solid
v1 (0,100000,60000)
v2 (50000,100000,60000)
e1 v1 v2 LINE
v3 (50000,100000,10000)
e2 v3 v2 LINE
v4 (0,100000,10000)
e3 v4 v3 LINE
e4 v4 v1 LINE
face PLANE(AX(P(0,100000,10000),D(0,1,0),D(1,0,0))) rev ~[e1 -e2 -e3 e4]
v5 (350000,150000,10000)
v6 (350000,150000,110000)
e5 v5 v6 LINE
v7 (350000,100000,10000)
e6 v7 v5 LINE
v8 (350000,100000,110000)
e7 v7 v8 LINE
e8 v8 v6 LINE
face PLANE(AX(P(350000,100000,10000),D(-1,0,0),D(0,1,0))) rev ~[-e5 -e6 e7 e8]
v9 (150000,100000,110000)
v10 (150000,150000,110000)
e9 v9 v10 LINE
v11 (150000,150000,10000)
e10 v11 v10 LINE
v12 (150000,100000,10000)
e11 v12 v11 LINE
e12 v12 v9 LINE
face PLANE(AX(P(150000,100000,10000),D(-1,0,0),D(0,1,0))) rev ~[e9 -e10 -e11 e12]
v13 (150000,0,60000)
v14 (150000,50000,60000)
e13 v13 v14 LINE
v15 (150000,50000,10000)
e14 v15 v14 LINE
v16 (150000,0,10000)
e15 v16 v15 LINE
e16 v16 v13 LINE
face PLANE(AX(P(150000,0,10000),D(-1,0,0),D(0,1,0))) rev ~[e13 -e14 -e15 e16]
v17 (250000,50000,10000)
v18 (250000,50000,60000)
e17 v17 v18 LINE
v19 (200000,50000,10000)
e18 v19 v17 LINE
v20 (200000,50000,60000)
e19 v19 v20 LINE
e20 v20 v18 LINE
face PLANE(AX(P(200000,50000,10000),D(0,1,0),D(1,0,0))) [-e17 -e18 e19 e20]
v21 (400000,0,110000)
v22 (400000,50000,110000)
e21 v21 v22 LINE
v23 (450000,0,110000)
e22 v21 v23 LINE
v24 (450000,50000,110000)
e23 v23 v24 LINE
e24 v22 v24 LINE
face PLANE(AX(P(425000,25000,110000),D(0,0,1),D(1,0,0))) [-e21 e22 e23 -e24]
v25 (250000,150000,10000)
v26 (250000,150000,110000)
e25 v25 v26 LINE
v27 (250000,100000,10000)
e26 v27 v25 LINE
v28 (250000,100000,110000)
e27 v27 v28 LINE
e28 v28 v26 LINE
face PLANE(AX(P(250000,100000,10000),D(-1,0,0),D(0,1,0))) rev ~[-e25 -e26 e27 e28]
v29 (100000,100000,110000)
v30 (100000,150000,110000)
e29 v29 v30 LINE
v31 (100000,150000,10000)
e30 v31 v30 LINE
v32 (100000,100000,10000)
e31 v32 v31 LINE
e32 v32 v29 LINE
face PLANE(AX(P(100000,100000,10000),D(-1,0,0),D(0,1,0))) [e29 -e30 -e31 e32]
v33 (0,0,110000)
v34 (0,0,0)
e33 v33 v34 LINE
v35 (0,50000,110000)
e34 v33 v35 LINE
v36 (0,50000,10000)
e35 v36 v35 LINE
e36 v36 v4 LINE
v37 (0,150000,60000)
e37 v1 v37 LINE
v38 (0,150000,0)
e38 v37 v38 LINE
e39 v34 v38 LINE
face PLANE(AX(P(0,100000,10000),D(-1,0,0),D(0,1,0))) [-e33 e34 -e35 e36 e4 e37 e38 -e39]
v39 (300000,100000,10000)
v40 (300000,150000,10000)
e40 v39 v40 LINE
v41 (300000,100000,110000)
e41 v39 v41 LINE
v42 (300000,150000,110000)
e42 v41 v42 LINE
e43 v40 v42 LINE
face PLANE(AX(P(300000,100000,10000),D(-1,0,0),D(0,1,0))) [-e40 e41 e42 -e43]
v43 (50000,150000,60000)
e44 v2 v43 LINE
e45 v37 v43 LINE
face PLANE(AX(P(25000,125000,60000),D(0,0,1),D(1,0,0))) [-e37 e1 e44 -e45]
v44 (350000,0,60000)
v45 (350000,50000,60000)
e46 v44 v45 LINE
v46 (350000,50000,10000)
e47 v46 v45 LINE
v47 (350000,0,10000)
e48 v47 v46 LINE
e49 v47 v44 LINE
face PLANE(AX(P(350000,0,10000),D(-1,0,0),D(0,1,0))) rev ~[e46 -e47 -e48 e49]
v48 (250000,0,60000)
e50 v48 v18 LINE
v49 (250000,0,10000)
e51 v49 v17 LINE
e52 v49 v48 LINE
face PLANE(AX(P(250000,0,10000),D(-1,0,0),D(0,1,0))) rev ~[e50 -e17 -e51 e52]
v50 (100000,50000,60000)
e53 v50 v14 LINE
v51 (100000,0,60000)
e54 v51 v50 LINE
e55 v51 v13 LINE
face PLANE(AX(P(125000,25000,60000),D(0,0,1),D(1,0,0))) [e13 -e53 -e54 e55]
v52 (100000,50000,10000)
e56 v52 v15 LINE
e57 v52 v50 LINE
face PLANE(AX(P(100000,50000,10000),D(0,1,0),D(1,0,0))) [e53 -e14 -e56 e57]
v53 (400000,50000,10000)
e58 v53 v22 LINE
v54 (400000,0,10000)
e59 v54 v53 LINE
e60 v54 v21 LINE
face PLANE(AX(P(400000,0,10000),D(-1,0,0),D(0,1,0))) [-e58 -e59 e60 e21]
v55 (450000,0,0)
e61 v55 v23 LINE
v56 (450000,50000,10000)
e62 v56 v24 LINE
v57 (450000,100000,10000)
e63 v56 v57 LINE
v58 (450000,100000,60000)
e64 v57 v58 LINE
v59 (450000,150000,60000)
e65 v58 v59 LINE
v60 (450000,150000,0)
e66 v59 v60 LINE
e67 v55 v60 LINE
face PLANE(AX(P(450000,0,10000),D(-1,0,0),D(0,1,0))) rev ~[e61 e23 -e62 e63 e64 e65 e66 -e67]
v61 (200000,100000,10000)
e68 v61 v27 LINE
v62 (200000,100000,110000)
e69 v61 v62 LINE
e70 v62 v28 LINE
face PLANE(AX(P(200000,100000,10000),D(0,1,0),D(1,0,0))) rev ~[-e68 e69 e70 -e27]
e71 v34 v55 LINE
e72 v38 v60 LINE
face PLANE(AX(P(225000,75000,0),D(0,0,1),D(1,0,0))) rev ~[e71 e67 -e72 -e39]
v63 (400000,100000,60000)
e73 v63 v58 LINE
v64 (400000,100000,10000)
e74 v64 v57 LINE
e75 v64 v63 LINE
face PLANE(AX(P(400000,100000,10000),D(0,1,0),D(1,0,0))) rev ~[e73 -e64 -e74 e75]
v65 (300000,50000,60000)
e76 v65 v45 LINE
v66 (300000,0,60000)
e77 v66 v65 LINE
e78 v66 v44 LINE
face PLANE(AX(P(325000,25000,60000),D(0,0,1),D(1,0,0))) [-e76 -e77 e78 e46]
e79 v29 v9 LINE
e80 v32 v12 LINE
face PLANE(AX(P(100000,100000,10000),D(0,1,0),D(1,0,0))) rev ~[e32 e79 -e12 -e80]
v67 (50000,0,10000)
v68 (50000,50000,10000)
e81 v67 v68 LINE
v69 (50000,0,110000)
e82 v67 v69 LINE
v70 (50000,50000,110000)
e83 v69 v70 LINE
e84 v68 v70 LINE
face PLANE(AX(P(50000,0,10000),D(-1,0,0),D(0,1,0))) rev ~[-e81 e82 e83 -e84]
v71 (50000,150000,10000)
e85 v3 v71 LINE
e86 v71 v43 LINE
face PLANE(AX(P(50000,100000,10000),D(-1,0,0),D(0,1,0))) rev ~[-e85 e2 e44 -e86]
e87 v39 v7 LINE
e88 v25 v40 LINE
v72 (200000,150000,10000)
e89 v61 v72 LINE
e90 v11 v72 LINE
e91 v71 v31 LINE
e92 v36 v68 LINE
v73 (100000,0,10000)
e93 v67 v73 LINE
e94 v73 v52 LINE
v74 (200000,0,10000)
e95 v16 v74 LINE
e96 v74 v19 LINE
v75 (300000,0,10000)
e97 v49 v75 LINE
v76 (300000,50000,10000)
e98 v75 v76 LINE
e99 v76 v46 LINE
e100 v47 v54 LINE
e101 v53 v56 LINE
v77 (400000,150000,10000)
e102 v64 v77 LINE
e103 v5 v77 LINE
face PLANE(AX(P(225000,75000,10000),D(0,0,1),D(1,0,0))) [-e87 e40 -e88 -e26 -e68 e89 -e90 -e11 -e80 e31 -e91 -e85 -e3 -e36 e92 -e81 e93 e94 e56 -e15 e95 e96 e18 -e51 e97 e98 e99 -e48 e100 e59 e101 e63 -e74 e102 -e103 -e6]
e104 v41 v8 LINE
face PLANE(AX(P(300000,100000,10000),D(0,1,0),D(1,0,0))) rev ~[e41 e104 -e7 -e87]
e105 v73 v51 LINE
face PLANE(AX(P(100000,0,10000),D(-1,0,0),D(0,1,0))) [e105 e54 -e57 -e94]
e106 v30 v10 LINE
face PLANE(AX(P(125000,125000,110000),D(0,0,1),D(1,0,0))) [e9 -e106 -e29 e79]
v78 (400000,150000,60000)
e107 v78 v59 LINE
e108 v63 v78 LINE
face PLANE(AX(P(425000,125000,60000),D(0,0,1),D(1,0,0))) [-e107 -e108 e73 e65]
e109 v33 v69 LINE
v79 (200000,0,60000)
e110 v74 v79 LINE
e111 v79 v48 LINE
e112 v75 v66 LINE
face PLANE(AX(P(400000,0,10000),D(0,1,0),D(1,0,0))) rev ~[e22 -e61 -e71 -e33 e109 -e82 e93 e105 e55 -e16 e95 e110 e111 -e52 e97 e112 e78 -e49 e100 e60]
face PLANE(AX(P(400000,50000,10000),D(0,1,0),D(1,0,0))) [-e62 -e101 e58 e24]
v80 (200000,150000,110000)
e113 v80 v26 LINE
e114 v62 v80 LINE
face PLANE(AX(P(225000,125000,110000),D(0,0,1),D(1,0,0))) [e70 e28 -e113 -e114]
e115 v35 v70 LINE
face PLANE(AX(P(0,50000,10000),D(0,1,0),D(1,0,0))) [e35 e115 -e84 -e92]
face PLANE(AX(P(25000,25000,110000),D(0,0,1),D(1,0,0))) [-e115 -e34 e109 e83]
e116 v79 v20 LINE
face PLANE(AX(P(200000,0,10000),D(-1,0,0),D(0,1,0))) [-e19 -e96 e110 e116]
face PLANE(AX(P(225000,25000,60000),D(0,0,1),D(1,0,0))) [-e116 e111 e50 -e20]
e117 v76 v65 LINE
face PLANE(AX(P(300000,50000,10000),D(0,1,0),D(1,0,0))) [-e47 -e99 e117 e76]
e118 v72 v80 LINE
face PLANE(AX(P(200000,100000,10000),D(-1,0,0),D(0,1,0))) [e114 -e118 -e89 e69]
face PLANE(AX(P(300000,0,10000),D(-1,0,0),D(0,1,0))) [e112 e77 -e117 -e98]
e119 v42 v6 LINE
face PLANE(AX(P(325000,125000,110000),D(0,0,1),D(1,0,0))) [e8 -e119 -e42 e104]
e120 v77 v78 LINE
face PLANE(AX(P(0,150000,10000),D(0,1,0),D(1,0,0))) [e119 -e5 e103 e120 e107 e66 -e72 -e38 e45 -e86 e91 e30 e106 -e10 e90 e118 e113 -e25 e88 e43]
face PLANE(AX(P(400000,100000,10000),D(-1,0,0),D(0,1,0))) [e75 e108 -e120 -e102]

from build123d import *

# Parameters (mm, degrees)
SKETCH2_W           = 450000
SKETCH2_H           = 150000
BOSS_EXTRUDE2_DEPTH = 10000
SKETCH4_W           = 50000
SKETCH4_H           = 50000
BOSS_EXTRUDE5_DEPTH = 100000
SKETCH5_W           = 50000
SKETCH5_H           = 50000
BOSS_EXTRUDE6_DEPTH = 50000


with BuildPart() as part:
    # Sketch2 → Boss-Extrude2 (new body)
    with BuildSketch(Plane.XY):
        with Locations((225000, 75000)):
            Rectangle(SKETCH2_W, SKETCH2_H)
    extrude(amount=BOSS_EXTRUDE2_DEPTH)

    # Sketch4 → Boss-Extrude5 (add)
    with BuildSketch(Plane.XY.offset(10000)):
        with Locations((225000, 124999.999999999)):
            Rectangle(SKETCH4_W, SKETCH4_H)
        with Locations((325000, 125000)):
            Rectangle(SKETCH4_W, SKETCH4_H)
        with Locations((425000, 25000)):
            Rectangle(SKETCH4_W, SKETCH4_H)
        with Locations((25000, 25000)):
            Rectangle(SKETCH4_W, SKETCH4_H)
        with Locations((125000, 124999.999999999)):
            Rectangle(SKETCH4_W, SKETCH4_H)
    extrude(amount=BOSS_EXTRUDE5_DEPTH)

    # Sketch5 → Boss-Extrude6 (add)
    with BuildSketch(Plane.XY.offset(10000)):
        with Locations((325000, 25000)):
            Rectangle(SKETCH5_W, SKETCH5_H)
        with Locations((225000, 25000)):
            Rectangle(SKETCH5_W, SKETCH5_H)
        with Locations((125000, 25000)):
            Rectangle(SKETCH5_W, SKETCH5_H)
        with Locations((25000, 125000)):
            Rectangle(SKETCH5_W, SKETCH5_H)
        with Locations((425000, 125000)):
            Rectangle(SKETCH5_W, SKETCH5_H)
    extrude(amount=BOSS_EXTRUDE6_DEPTH)


solid = part.part
